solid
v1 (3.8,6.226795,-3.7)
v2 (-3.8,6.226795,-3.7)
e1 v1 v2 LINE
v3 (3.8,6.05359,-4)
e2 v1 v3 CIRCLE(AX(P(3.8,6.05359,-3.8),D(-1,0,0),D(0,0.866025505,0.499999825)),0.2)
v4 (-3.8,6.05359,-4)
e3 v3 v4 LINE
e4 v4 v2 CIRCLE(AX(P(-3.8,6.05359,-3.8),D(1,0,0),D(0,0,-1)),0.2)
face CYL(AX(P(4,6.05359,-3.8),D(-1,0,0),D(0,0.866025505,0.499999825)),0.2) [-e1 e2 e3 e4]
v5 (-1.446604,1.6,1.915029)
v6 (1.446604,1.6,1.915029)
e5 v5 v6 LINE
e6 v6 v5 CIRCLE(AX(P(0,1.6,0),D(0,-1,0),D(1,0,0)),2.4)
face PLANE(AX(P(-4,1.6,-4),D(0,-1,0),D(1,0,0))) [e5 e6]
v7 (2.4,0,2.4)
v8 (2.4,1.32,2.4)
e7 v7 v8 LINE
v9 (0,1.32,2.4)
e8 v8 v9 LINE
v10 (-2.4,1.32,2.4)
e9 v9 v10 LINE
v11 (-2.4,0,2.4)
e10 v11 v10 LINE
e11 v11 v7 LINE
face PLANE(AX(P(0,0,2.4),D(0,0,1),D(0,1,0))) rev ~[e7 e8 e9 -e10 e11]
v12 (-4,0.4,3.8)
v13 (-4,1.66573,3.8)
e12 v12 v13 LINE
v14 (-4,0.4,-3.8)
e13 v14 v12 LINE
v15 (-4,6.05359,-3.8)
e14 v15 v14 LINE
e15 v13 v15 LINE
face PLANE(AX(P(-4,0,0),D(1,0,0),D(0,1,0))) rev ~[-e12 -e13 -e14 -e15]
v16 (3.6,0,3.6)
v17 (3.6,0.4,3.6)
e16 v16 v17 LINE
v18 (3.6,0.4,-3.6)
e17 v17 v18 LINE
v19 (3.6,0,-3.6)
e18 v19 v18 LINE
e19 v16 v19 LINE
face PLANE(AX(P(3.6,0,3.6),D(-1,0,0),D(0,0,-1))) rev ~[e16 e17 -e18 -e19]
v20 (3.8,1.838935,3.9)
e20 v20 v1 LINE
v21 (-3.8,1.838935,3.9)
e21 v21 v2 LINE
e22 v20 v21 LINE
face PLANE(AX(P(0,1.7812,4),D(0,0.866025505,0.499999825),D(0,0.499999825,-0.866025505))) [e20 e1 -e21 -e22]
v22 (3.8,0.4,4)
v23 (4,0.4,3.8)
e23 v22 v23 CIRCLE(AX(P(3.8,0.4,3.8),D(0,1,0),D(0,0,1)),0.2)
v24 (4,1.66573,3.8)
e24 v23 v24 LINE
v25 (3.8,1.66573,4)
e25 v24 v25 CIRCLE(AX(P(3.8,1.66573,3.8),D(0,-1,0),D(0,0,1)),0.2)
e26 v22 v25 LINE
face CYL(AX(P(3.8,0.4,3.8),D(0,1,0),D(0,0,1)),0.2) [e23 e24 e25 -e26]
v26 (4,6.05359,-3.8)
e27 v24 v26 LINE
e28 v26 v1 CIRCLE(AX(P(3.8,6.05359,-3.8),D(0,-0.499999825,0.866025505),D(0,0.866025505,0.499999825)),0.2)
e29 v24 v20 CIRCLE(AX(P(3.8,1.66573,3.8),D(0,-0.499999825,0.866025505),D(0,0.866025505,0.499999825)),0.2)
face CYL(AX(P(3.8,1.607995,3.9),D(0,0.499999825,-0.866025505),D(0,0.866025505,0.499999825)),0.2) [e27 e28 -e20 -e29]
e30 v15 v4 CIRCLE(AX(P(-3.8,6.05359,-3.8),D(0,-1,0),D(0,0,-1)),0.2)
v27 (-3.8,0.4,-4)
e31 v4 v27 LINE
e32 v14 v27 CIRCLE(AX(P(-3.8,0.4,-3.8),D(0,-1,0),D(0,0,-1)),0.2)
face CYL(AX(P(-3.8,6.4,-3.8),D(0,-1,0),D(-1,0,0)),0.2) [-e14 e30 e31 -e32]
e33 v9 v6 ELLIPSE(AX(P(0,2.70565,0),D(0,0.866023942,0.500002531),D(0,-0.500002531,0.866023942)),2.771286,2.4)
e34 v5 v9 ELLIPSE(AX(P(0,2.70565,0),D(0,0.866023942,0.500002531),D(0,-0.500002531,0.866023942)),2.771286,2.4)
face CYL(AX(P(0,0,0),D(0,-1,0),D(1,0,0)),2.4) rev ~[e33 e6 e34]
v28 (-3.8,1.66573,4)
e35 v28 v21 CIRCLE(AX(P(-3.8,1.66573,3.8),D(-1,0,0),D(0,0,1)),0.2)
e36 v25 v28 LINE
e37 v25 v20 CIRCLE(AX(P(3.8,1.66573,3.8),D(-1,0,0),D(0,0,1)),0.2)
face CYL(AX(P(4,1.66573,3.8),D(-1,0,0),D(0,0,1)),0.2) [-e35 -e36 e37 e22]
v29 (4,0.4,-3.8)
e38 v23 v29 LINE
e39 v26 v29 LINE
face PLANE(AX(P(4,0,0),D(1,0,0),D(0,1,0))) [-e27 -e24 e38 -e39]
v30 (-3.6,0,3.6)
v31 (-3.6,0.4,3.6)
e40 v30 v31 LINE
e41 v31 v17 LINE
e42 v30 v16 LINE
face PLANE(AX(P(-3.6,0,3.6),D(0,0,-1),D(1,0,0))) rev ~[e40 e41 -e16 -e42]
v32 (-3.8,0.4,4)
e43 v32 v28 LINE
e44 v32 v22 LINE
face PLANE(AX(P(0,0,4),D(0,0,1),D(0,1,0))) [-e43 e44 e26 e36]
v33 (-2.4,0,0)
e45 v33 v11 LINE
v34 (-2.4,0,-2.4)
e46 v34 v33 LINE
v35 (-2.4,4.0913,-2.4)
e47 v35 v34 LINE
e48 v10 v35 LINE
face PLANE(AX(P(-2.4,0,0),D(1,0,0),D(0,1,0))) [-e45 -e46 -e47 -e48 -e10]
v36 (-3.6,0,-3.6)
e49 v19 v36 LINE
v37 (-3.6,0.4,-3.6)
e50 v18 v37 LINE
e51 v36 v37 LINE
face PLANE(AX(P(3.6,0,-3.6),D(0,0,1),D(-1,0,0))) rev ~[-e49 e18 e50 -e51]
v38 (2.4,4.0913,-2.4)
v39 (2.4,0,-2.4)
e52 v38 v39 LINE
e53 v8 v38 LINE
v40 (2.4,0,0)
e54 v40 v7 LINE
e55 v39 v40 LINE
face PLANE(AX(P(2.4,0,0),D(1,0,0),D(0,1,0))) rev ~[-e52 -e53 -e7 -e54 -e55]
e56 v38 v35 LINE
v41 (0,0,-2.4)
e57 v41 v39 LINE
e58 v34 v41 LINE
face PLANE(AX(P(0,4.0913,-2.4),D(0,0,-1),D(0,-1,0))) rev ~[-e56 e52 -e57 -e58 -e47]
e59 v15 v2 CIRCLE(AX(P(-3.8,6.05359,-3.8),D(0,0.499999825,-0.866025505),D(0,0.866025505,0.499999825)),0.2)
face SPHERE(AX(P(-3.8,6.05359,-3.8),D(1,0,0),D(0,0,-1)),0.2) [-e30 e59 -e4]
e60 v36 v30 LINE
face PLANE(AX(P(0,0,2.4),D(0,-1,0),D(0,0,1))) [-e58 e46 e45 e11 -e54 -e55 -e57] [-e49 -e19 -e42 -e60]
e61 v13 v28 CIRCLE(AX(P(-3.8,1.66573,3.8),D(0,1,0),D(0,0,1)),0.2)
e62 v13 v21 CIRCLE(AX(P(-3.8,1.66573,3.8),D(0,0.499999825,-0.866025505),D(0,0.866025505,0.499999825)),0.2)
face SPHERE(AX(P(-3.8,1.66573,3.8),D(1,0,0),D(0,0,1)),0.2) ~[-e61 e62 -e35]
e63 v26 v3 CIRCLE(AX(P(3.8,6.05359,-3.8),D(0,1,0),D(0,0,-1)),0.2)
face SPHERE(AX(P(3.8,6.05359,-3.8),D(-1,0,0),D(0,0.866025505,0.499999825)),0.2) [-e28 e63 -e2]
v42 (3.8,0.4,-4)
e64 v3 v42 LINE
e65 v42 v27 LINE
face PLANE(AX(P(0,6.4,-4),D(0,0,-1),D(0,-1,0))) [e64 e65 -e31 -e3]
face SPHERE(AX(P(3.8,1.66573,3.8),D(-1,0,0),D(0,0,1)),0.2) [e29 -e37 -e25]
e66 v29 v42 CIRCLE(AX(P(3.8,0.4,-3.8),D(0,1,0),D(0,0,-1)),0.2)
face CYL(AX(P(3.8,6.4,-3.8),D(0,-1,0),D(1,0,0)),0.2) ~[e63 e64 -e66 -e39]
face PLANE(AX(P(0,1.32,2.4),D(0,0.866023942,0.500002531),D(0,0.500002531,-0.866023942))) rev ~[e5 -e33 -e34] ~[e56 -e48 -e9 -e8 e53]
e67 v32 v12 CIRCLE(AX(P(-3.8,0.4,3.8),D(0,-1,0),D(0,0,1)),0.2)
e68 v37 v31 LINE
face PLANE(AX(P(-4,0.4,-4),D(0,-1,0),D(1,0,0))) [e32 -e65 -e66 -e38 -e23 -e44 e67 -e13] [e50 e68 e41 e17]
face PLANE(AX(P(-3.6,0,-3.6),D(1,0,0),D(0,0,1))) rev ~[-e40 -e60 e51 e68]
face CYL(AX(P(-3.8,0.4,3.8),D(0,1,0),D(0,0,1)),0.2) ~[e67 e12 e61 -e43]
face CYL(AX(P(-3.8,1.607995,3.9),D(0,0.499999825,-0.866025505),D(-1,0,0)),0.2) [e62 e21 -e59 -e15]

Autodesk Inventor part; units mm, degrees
ref_plane "YZ Plane" through (0, 0, 0) normal (1, 0, 0) x (0, 1, 0)
ref_plane "XZ Plane" through (0, 0, 0) normal (0, 1, 0) x (-1, 0, 0)
ref_plane "XY Plane" through (0, 0, 0) normal (0, 0, 1) x (1, 0, 0)
sketch "Sketch10" plane through (0, 0, 0) normal (1, 0, 0) x (0, 1, 0)
  line L0 (0, 4) -> (1.7812, 4)
  line L1 (1.7812, 4) -> (6.4, -4)
  line L2 (6.4, -4) -> (0, -4)
  line L3 (0, -4) -> (0, 4)
  line L4 (0, 2.4) -> (1.32, 2.4)
  line L5 (1.32, 2.4) -> (4.0913, -2.4)
  line L6 (4.0913, -2.4) -> (0, -2.4)
  point P0 (0, 0)
  point P1 (0, 0)
  dimension "d91" = 8
  dimension "d92" = 6.4
  dimension "d103" = 30
  dimension "d109" = 1.32
  dimension "d110" = 1.6
  dimension "d111" = 1.6
extrude "Extrusion6" add sketch "Sketch10" along normal mid plane 8
sketch "Sketch11" plane through (-4, 0, -4) normal (0, -1, 0) x (1, 0, 0)
  line L0 (1.6, 6.4) -> (6.4, 6.4) construction
  line L1 (6.4, 6.4) -> (6.4, 1.6) construction
  line L2 (6.4, 1.6) -> (1.6, 1.6) construction
  line L3 (1.6, 1.6) -> (1.6, 6.4) construction
  circle A0 centre (4, 4) radius 2.4
  line L4 (8, 0) -> (0, 0) projected
  line L5 (8, 8) -> (8, 0) projected
  line L6 (0, 8) -> (8, 8) projected
  line L7 (0, 0) -> (0, 8) projected
  line L8 (0.4, 7.6) -> (7.6, 7.6)
  line L9 (7.6, 7.6) -> (7.6, 0.4)
  line L10 (7.6, 0.4) -> (0.4, 0.4)
  line L11 (0.4, 0.4) -> (0.4, 7.6)
  point P0 (0.4, 4)
  point P1 (4, 0.4)
  dimension "d96" = 4.8
  dimension "d104" = 0.4
  dimension "d105" = 0.4
extrude "Extrusion9" cut sketch "Sketch10" along normal mid plane 4.8 contours L4 L5 L6 L3
extrude "Extrusion7" cut sketch "Sketch11" against normal blind 1.6 contours A0
extrude "Extrusion8" cut sketch "Sketch11" against normal blind 0.4 contours L4 L7 L6 L5
fillet "Fillet1" radius 0.2 8 edges at (-4, 4.0906, 0) (0, 1.7812, 4) (-4, 1.0906, 4) (4, 1.0906, 4) (4, 4.0906, 0) (4, 3.4, -4) (0, 6.4, -4) (-4, 3.4, -4)
equation "\"d91\" = lu"
equation "\"d92\" = 0.666667 * lh"
equation "\"d110\" = wall"
equation "\"d111\" = d110"
equation "\"d94\" = lu"
equation "\"d96\" = kd"
equation "\"d104\" = gw"
equation "\"d105\" = gw"
equation "\"d112\" = lu - 2 * wall"
equation "\"d97\" = 0.333333 * lh - topthk"
equation "\"d106\" = gh"
equation "\"d22\" = 2 * lf"
equation "\"lu\" = 8"
equation "\"lh\" = 9.6"
equation "\"wall\" = 1.6"
equation "\"kd\" = 4.8"
equation "\"gw\" = 0.4"
equation "\"topthk\" = 1.6"
equation "\"gh\" = 0.4"
equation "\"lf\" = 0.1"
properties part number "54200-TransClear" material "Polycarbonate"
